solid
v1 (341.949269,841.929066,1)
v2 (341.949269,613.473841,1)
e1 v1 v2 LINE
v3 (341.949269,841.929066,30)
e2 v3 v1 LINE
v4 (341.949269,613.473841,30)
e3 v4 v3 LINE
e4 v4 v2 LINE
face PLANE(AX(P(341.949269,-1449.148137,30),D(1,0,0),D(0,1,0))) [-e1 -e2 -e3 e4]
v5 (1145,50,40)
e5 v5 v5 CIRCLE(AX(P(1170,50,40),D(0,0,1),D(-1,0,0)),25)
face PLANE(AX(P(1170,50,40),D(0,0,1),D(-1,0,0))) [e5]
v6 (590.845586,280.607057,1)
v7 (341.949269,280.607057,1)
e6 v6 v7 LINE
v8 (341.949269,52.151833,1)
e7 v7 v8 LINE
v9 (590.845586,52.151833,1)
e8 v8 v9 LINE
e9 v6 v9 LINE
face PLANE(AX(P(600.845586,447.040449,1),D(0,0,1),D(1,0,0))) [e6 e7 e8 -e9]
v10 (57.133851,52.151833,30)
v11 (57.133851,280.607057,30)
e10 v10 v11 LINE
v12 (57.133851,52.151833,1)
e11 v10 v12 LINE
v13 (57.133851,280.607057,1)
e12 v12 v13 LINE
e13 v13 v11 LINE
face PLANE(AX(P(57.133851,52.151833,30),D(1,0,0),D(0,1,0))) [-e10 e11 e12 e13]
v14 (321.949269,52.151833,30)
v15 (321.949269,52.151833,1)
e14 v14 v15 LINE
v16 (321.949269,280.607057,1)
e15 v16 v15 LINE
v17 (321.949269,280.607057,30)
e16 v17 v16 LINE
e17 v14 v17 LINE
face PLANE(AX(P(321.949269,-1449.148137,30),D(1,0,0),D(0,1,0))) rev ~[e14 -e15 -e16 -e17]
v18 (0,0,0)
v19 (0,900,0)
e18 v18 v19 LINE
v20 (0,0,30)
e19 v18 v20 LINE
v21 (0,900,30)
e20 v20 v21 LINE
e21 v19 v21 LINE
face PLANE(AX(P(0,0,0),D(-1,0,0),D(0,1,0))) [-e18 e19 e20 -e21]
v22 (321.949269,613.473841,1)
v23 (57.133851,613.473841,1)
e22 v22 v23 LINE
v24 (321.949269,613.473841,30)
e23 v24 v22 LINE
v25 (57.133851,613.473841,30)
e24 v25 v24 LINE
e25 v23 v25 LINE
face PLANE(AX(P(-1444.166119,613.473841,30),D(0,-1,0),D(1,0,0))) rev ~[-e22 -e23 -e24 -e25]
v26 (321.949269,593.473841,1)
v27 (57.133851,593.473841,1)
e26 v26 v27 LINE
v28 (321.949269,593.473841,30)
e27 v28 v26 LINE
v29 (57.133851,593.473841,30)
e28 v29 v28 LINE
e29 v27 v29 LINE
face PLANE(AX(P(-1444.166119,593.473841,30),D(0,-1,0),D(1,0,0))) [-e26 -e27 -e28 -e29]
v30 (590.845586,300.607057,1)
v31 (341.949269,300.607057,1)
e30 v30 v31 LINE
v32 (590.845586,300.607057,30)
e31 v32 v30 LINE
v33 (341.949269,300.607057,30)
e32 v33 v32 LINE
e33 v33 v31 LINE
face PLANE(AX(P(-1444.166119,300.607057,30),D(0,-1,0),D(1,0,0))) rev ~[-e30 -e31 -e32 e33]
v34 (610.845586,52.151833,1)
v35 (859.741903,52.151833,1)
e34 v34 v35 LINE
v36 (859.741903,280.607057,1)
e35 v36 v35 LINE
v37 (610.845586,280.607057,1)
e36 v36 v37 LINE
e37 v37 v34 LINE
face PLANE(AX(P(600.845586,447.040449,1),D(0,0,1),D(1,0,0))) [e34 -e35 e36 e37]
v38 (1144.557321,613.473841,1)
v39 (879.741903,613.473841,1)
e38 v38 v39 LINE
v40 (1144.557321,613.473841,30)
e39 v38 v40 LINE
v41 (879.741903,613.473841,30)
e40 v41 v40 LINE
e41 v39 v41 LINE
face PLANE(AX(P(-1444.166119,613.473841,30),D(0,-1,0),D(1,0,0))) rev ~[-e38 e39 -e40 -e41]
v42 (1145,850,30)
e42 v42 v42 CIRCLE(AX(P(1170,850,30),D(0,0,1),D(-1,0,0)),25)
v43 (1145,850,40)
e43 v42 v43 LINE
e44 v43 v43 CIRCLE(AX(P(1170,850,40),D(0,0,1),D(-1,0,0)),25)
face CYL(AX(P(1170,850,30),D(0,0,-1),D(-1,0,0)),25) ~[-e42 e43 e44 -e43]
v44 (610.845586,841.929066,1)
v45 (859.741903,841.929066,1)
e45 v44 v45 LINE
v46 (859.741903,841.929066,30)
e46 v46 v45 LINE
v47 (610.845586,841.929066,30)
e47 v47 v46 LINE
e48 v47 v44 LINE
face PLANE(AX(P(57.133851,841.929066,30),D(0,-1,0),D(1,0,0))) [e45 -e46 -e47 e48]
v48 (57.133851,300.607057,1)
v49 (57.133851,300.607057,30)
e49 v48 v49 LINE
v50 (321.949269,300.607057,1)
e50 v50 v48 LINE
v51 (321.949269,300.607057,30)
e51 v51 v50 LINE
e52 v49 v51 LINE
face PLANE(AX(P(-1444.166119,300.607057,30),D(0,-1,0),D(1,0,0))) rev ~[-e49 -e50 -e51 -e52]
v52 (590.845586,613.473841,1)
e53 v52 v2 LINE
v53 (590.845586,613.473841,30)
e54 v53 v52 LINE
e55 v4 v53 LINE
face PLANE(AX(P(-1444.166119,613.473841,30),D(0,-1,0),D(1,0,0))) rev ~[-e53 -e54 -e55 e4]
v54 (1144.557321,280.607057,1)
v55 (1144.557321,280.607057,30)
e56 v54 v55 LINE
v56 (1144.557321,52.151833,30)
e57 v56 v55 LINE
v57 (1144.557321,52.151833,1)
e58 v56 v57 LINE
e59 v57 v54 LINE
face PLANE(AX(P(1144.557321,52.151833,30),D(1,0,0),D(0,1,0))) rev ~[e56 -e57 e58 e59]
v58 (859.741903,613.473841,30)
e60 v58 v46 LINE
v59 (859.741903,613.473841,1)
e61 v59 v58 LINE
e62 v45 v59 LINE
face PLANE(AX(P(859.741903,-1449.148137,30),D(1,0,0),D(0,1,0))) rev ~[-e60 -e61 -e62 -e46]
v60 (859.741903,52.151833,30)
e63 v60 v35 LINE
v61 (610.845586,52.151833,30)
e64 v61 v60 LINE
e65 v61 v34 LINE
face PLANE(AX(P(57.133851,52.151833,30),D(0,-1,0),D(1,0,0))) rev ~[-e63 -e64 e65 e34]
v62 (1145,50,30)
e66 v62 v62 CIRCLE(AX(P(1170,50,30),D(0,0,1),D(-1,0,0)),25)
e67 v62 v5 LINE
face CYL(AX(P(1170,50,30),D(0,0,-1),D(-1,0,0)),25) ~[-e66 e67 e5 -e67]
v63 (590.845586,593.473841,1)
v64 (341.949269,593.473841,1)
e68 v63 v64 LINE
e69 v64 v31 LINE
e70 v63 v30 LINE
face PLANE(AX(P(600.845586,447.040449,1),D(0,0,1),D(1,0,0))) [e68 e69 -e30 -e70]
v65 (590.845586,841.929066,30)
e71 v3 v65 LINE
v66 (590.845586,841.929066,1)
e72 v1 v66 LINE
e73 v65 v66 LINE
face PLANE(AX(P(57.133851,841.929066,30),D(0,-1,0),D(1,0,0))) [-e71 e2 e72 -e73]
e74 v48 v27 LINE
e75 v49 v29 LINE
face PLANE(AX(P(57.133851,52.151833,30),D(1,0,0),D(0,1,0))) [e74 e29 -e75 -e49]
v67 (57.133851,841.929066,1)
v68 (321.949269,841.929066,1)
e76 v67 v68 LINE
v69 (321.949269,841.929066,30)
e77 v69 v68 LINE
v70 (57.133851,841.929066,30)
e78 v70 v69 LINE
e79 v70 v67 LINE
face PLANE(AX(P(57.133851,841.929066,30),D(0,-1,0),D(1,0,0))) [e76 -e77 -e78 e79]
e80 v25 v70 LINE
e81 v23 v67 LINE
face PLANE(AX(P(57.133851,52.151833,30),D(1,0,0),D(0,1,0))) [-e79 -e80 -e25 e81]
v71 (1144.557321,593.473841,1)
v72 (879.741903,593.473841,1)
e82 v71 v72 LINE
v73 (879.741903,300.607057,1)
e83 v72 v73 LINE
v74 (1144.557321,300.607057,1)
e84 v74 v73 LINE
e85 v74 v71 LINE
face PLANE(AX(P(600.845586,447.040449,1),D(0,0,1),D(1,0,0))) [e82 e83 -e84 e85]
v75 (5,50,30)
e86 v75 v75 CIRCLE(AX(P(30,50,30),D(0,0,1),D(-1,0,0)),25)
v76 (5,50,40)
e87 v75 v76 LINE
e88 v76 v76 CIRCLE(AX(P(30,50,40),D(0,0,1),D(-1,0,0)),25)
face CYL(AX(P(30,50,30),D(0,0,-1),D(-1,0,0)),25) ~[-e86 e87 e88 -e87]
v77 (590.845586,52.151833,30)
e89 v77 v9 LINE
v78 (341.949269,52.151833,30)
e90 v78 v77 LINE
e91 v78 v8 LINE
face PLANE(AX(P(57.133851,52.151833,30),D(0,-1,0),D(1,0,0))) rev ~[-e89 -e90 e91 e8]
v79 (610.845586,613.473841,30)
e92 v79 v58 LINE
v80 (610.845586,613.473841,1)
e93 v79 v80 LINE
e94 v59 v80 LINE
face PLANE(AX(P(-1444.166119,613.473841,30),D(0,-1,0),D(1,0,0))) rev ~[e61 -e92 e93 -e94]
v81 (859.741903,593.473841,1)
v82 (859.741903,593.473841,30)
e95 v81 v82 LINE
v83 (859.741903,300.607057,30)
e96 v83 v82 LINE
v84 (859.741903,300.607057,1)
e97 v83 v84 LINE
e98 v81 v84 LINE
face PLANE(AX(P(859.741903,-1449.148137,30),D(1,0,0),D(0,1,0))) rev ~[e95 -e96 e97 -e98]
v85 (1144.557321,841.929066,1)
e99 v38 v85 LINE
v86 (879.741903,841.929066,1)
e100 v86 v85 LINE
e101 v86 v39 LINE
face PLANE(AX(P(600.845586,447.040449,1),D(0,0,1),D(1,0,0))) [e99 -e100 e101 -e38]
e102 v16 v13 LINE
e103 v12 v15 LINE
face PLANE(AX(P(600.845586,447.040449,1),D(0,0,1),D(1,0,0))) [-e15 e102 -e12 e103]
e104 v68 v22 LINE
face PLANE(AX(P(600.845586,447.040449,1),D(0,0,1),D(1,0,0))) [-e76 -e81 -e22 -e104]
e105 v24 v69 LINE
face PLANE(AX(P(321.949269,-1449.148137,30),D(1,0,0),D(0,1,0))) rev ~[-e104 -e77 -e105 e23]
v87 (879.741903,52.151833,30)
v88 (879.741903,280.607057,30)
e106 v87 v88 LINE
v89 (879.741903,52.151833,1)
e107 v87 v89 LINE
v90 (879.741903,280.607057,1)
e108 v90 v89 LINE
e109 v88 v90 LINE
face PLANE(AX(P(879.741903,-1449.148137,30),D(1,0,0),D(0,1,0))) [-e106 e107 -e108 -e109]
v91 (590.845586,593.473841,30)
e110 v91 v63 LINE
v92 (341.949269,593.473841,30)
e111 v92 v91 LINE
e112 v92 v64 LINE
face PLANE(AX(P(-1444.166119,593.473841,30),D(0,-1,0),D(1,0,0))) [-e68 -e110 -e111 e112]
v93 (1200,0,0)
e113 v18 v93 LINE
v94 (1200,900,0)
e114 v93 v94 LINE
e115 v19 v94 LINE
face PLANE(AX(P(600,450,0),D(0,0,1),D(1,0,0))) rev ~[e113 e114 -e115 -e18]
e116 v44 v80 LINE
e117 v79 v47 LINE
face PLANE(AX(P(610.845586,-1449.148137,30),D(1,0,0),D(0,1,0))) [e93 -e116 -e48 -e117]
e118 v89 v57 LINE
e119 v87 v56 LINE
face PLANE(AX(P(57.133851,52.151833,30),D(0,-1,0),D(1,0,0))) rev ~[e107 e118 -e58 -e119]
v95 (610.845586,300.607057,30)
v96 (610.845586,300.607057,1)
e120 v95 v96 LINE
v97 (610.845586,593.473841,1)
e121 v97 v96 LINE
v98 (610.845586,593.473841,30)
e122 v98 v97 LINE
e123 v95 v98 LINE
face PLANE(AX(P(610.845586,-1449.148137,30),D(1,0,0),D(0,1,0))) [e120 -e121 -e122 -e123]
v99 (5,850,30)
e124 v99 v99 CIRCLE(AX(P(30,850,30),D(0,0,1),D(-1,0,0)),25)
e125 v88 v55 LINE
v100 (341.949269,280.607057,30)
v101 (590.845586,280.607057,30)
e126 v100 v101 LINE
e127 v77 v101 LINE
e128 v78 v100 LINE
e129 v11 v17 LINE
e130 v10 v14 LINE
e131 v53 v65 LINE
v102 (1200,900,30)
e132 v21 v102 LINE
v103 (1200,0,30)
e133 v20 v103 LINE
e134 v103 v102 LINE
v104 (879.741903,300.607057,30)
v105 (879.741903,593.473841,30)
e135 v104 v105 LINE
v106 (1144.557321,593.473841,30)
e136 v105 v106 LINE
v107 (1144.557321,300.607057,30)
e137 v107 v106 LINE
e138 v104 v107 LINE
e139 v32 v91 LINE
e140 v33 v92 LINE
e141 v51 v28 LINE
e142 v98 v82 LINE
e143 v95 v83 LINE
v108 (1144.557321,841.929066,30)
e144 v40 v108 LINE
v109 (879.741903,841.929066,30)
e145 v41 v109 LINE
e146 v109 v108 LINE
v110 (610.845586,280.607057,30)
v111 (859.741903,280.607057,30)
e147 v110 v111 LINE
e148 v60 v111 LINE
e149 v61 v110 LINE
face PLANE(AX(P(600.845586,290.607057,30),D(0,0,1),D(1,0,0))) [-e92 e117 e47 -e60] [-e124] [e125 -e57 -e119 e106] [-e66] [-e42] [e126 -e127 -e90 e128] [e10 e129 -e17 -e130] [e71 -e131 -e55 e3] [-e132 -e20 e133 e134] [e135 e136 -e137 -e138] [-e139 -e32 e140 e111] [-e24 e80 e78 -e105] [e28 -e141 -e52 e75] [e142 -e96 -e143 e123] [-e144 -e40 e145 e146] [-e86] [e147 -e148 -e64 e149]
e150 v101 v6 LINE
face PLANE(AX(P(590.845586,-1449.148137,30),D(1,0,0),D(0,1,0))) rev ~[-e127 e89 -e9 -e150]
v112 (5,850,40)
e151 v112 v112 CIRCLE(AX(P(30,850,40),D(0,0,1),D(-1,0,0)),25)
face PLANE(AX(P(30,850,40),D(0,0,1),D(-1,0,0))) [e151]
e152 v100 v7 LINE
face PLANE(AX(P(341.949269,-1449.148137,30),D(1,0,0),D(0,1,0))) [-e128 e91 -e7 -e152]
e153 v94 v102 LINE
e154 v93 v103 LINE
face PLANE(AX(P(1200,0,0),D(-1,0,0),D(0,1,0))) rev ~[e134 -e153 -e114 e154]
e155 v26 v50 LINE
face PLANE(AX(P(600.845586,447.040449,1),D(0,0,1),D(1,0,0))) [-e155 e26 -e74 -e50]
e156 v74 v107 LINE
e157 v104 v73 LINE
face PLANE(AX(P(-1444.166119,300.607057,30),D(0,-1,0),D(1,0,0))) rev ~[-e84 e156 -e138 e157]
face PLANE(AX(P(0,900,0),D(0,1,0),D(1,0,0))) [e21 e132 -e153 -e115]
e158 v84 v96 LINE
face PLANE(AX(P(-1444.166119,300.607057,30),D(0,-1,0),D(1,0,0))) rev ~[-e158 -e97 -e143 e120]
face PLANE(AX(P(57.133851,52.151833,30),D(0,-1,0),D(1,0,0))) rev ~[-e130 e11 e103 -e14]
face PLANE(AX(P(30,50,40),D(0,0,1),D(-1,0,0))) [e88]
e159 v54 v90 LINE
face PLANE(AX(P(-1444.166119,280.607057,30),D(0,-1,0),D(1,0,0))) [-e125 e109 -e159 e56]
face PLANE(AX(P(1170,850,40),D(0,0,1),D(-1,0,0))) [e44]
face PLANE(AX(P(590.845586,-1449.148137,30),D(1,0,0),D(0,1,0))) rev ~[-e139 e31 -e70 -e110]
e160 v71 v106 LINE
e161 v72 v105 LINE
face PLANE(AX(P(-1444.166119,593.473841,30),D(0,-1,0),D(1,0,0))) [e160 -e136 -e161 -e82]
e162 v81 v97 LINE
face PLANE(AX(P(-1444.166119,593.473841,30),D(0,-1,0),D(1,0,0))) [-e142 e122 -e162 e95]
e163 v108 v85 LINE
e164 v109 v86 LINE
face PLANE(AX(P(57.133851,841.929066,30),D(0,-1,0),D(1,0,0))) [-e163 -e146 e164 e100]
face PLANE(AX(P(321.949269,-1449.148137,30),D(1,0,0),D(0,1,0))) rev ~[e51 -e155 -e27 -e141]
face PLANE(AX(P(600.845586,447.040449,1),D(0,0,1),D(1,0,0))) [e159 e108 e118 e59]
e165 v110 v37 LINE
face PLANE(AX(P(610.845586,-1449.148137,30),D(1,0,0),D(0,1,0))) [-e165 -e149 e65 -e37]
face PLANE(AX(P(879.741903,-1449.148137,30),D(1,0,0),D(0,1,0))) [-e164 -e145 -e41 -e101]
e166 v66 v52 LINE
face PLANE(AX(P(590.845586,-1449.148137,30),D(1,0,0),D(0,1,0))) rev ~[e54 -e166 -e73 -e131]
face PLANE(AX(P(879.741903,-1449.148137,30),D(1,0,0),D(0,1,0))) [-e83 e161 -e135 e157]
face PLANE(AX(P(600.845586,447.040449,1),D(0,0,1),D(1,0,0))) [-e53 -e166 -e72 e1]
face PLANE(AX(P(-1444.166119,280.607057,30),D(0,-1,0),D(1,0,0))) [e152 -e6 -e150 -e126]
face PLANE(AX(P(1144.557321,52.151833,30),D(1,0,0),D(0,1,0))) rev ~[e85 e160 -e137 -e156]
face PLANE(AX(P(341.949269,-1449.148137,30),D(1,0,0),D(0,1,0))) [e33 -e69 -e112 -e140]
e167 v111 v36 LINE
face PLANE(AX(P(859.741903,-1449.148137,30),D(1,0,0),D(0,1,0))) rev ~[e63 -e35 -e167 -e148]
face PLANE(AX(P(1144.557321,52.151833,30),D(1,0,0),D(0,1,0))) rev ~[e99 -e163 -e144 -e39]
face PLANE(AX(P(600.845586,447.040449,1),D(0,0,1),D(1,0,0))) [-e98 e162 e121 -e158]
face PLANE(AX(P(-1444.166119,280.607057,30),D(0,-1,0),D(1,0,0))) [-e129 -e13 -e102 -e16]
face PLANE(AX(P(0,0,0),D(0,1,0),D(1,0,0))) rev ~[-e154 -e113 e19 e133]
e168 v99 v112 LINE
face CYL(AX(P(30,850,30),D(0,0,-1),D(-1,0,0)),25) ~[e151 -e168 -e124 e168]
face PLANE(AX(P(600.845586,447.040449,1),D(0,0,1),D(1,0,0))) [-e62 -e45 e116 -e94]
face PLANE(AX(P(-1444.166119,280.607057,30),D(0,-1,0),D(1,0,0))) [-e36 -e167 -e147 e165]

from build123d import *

# Parameters (mm, degrees)
SKETCH2_W           = 1200
SKETCH2_H           = 900
BOSS_EXTRUDE2_DEPTH = 30
SKETCH3_W           = 1087.423470631
SKETCH3_H           = 789.777232946
CUT_EXTRUDE2_DEPTH  = 29
RIB6_REACH          = 1502.3
SKETCH6_WALLS_W     = 20
SKETCH6_WALLS_H     = 3792.377172958
SKETCH6_WALLS_W_2   = 4090.023410643
SKETCH6_WALLS_H_2   = 20
SKETCH7_R           = 25
BOSS_EXTRUDE3_DEPTH = 10


with BuildPart() as part:
    # Sketch2 → Boss-Extrude2 (new body)
    with BuildSketch(Plane.XY):
        with Locations((600, 450)):
            Rectangle(SKETCH2_W, SKETCH2_H)
    extrude(amount=BOSS_EXTRUDE2_DEPTH)

    # Sketch3 → Cut-Extrude2 (cut)
    with BuildSketch(Plane.XY.offset(30)):
        with Locations((600.845585903, 447.040449341)):
            Rectangle(SKETCH3_W, SKETCH3_H)
    extrude(amount=-CUT_EXTRUDE2_DEPTH, mode=Mode.SUBTRACT)

    # Sketch6 walls → Rib6 (add, up to next)
    with BuildSketch(Plane.XY.offset(30), mode=Mode.PRIVATE) as rib6_sk1:
        with Locations((600.845585903, 447.040449341)):
            Rectangle(SKETCH6_WALLS_W, SKETCH6_WALLS_H)
    rib6_tool1 = extrude(rib6_sk1.sketch, amount=-RIB6_REACH, mode=Mode.PRIVATE) - part.part
    # Sketch6 walls → Rib6 (add, up to next)
    with BuildSketch(Plane.XY.offset(30), mode=Mode.PRIVATE) as rib6_sk2:
        with Locations((331.949268904, 447.040449341)):
            Rectangle(SKETCH6_WALLS_W, SKETCH6_WALLS_H)
    rib6_tool2 = extrude(rib6_sk2.sketch, amount=-RIB6_REACH, mode=Mode.PRIVATE) - part.part
    # Sketch6 walls → Rib6 (add, up to next)
    with BuildSketch(Plane.XY.offset(30), mode=Mode.PRIVATE) as rib6_sk3:
        with Locations((600.845585903, 603.473841306)):
            Rectangle(SKETCH6_WALLS_W_2, SKETCH6_WALLS_H_2)
    rib6_tool3 = extrude(rib6_sk3.sketch, amount=-RIB6_REACH, mode=Mode.PRIVATE) - part.part
    # Sketch6 walls → Rib6 (add, up to next)
    with BuildSketch(Plane.XY.offset(30), mode=Mode.PRIVATE) as rib6_sk4:
        with Locations((869.741902901, 447.040449341)):
            Rectangle(SKETCH6_WALLS_W, SKETCH6_WALLS_H)
    rib6_tool4 = extrude(rib6_sk4.sketch, amount=-RIB6_REACH, mode=Mode.PRIVATE) - part.part
    # Sketch6 walls → Rib6 (add, up to next)
    with BuildSketch(Plane.XY.offset(30), mode=Mode.PRIVATE) as rib6_sk5:
        with Locations((600.845585903, 290.607057376)):
            Rectangle(SKETCH6_WALLS_W_2, SKETCH6_WALLS_H_2)
    rib6_tool5 = extrude(rib6_sk5.sketch, amount=-RIB6_REACH, mode=Mode.PRIVATE) - part.part
    add(rib6_tool1.solids().sort_by_distance((600.845585903, 447.040449341, 30))[0])
    add(rib6_tool2.solids().sort_by_distance((331.949268904, 447.040449341, 30))[0])
    add(rib6_tool3.solids().sort_by_distance((600.845585903, 603.473841306, 30))[0])
    add(rib6_tool4.solids().sort_by_distance((869.741902901, 447.040449341, 30))[0])
    add(rib6_tool5.solids().sort_by_distance((600.845585903, 290.607057376, 30))[0])

    # Sketch7 → Boss-Extrude3 (add)
    with BuildSketch(Plane.XY.offset(30)):
        with Locations(Location((30, 850, 0), (0, 0, 180))):
            Circle(SKETCH7_R)
        with Locations(Location((30, 50, 0), (0, 0, 180))):
            Circle(SKETCH7_R)
        with Locations(Location((1170, 50, 0), (0, 0, 180))):
            Circle(SKETCH7_R)
        with Locations(Location((1170, 850, 0), (0, 0, 180))):
            Circle(SKETCH7_R)
    extrude(amount=BOSS_EXTRUDE3_DEPTH)


solid = part.part
